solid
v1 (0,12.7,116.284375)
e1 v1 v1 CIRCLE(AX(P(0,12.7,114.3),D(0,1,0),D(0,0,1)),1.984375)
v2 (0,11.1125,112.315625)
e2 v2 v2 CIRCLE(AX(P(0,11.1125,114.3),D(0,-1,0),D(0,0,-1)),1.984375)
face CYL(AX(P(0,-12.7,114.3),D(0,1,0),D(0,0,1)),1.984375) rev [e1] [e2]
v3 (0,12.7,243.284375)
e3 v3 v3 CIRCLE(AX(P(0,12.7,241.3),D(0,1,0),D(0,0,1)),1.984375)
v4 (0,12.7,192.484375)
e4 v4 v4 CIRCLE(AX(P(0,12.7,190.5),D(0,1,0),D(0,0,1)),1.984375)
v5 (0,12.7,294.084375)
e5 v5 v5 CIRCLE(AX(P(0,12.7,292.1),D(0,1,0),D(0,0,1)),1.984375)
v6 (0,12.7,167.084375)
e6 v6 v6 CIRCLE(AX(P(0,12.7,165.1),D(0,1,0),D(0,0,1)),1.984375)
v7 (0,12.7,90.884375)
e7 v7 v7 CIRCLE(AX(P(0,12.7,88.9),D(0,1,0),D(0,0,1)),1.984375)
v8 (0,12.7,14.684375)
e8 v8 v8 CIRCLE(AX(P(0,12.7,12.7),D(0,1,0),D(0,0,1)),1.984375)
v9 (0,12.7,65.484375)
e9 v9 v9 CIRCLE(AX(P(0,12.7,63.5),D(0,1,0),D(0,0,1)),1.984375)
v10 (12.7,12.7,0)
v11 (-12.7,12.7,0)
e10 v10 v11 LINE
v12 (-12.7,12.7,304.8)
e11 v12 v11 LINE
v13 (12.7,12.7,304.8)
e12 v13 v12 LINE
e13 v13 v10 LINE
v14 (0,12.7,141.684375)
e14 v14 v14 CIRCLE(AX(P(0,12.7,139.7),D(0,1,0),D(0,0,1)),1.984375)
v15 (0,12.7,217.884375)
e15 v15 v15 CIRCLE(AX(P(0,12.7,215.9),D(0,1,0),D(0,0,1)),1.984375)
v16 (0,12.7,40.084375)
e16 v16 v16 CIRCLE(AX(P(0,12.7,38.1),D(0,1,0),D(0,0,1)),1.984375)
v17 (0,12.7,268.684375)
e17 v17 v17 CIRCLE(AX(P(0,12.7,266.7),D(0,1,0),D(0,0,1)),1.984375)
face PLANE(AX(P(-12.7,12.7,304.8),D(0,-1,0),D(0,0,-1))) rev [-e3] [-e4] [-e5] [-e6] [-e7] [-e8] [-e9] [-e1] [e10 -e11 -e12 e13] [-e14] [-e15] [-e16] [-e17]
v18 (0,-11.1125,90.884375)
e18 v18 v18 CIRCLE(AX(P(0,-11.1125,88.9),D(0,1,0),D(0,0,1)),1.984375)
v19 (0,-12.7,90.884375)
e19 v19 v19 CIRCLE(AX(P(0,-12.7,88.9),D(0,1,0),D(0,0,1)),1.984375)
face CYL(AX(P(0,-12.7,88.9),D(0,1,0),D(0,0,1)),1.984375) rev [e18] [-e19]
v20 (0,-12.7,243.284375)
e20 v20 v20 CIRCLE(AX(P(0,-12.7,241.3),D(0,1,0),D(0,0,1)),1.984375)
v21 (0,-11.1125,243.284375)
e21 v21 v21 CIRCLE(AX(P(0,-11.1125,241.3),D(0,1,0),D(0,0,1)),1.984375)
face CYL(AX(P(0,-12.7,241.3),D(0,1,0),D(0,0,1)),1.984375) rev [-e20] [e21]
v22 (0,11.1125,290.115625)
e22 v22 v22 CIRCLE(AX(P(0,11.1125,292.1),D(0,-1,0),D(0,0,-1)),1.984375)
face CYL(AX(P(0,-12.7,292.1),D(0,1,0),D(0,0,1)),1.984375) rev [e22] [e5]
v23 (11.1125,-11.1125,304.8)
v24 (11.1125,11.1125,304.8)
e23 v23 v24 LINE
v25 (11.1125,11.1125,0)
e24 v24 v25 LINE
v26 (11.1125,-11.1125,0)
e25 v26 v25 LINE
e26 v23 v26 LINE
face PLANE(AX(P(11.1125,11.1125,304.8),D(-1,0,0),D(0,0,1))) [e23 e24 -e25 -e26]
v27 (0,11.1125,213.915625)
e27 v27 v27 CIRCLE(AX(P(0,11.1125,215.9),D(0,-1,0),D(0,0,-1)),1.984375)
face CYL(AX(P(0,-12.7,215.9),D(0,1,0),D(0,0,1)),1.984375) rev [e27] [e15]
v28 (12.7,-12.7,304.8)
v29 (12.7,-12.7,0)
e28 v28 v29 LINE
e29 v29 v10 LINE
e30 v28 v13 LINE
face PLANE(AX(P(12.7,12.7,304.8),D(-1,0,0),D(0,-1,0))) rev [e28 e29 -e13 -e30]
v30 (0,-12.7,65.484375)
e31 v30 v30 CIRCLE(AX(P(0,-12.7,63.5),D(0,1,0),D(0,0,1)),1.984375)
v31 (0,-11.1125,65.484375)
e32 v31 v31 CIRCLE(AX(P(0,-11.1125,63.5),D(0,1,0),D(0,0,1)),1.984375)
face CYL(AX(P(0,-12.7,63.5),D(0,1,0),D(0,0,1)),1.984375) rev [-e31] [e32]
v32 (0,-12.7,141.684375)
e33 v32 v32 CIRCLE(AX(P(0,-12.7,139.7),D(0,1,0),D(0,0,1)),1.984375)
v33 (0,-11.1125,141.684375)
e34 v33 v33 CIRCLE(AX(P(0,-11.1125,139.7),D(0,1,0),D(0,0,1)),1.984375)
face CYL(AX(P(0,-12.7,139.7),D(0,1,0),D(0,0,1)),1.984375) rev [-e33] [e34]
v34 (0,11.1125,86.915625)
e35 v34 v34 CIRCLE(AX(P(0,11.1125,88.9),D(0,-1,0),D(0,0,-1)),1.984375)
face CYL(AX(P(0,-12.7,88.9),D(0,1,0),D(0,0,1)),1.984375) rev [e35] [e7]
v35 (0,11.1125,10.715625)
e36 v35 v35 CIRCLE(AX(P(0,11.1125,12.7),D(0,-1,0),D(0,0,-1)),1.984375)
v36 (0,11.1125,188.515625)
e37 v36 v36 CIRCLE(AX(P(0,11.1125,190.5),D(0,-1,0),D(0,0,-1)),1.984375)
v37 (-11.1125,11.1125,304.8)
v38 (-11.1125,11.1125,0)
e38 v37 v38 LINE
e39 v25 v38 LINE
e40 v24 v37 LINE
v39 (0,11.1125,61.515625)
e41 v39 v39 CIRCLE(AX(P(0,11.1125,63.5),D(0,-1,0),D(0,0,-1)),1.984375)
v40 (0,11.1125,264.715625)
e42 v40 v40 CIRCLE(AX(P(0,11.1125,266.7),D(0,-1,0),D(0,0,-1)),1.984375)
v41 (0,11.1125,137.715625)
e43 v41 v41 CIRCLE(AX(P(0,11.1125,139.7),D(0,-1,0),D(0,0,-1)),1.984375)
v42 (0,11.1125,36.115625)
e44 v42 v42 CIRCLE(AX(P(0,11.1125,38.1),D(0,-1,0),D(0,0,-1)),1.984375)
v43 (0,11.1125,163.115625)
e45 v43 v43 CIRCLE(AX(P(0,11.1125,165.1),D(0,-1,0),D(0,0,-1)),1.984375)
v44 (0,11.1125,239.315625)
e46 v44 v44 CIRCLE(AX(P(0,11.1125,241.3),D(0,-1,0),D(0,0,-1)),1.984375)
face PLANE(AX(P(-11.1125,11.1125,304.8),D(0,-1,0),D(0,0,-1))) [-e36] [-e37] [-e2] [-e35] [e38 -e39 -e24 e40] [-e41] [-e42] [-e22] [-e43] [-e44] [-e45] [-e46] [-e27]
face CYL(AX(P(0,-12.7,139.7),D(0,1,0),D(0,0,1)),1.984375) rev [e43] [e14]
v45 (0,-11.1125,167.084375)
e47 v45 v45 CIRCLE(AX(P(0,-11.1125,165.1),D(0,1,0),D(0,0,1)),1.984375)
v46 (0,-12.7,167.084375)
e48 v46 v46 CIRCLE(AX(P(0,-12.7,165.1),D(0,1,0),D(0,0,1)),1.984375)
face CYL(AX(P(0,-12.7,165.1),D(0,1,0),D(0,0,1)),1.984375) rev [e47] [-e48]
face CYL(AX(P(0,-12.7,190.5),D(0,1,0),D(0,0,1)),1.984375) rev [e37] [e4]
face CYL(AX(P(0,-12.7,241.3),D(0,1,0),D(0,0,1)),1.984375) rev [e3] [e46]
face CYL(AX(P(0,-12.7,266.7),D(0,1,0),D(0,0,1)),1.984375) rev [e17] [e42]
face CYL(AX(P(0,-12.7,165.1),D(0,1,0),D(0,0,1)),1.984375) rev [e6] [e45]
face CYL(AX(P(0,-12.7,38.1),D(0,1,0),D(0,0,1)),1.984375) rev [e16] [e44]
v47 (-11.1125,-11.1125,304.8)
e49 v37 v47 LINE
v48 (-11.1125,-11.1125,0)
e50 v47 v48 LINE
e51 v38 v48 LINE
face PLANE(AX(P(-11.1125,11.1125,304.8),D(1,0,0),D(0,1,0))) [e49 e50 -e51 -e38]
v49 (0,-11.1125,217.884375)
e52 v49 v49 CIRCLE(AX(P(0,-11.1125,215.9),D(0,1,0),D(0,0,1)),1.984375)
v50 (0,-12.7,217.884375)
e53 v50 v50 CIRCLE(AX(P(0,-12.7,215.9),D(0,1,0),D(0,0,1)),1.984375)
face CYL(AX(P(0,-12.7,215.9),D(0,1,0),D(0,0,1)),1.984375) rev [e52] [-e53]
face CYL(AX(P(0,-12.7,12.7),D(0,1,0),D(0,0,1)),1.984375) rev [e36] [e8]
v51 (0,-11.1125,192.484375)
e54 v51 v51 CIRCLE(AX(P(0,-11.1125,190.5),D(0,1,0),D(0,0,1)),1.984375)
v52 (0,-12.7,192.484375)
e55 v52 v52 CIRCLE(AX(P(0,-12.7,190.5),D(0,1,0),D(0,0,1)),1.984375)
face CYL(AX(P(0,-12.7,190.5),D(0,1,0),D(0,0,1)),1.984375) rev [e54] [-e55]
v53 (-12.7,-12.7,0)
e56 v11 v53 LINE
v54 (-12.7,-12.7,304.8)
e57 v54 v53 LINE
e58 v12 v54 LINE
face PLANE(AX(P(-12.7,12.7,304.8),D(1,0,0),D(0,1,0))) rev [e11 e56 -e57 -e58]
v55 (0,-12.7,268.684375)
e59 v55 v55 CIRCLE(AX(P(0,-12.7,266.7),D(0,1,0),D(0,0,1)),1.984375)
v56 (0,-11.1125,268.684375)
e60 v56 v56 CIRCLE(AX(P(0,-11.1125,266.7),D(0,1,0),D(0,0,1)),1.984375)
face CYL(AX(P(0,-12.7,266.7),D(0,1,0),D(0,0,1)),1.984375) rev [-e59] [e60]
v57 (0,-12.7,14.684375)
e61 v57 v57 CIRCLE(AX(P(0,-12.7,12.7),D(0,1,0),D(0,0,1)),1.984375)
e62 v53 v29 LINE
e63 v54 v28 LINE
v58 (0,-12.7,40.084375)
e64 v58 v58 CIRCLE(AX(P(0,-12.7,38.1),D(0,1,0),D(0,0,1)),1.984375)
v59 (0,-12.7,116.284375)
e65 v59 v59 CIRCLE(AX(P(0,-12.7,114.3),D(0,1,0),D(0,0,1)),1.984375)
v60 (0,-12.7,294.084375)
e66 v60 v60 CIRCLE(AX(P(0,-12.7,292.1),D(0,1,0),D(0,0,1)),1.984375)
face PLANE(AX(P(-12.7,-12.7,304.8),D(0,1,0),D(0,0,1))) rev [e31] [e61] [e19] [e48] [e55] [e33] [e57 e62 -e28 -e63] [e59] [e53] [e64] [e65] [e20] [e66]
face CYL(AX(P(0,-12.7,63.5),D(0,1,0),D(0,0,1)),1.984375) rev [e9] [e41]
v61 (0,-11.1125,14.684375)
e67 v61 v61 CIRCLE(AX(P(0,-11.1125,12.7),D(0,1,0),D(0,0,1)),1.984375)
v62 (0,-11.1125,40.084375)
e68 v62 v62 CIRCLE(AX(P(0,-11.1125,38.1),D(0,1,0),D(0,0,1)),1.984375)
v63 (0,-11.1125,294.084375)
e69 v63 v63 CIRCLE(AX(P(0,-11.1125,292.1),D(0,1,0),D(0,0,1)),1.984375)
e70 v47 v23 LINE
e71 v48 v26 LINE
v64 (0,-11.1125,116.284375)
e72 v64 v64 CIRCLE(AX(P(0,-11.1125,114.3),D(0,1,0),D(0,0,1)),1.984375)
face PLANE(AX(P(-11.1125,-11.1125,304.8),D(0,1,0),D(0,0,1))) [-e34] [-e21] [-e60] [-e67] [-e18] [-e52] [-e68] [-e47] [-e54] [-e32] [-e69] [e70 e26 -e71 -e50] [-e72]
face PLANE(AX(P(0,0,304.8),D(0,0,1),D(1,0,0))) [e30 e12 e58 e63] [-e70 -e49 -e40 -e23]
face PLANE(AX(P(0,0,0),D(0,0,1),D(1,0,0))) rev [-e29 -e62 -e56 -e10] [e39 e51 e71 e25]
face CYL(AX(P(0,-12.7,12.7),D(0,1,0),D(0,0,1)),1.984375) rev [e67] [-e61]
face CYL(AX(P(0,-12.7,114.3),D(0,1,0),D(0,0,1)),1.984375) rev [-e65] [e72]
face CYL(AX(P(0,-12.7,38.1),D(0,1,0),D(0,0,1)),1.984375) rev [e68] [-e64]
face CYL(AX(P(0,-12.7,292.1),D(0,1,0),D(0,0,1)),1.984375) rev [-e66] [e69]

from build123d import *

# Parameters (mm, degrees)
SKETCH1_W           = 25.4
SKETCH1_H           = 25.4
SKETCH1_W_2         = 22.225
SKETCH1_H_2         = 22.225
BOSS_EXTRUDE1_DEPTH = 304.8
SKETCH2_R           = 1.984375
CUT_EXTRUDE1_DEPTH  = 26.4


with BuildPart() as part:
    # Sketch1 → Boss-Extrude1 (new body)
    with BuildSketch(Plane.XY):
        Rectangle(SKETCH1_W, SKETCH1_H)
        Rectangle(SKETCH1_W_2, SKETCH1_H_2, mode=Mode.SUBTRACT)
    extrude(amount=BOSS_EXTRUDE1_DEPTH)

    # Sketch2 → Cut-Extrude1 (cut, through all)
    with BuildSketch(Plane(origin=(0, 12.7, 0), x_dir=(1, 0, 0), z_dir=(0, 1, 0))):
        with Locations((0, -292.1)):
            Circle(SKETCH2_R)
        with Locations((0, -266.7)):
            Circle(SKETCH2_R)
        with Locations((0, -241.3)):
            Circle(SKETCH2_R)
        with Locations((0, -215.9)):
            Circle(SKETCH2_R)
        with Locations((0, -190.5)):
            Circle(SKETCH2_R)
        with Locations((0, -165.1)):
            Circle(SKETCH2_R)
        with Locations((0, -139.7)):
            Circle(SKETCH2_R)
        with Locations((0, -114.3)):
            Circle(SKETCH2_R)
        with Locations((0, -88.9)):
            Circle(SKETCH2_R)
        with Locations((0, -63.5)):
            Circle(SKETCH2_R)
        with Locations((0, -38.1)):
            Circle(SKETCH2_R)
        with Locations((0, -12.7)):
            Circle(SKETCH2_R)
    extrude(amount=-CUT_EXTRUDE1_DEPTH, mode=Mode.SUBTRACT)


solid = part.part
